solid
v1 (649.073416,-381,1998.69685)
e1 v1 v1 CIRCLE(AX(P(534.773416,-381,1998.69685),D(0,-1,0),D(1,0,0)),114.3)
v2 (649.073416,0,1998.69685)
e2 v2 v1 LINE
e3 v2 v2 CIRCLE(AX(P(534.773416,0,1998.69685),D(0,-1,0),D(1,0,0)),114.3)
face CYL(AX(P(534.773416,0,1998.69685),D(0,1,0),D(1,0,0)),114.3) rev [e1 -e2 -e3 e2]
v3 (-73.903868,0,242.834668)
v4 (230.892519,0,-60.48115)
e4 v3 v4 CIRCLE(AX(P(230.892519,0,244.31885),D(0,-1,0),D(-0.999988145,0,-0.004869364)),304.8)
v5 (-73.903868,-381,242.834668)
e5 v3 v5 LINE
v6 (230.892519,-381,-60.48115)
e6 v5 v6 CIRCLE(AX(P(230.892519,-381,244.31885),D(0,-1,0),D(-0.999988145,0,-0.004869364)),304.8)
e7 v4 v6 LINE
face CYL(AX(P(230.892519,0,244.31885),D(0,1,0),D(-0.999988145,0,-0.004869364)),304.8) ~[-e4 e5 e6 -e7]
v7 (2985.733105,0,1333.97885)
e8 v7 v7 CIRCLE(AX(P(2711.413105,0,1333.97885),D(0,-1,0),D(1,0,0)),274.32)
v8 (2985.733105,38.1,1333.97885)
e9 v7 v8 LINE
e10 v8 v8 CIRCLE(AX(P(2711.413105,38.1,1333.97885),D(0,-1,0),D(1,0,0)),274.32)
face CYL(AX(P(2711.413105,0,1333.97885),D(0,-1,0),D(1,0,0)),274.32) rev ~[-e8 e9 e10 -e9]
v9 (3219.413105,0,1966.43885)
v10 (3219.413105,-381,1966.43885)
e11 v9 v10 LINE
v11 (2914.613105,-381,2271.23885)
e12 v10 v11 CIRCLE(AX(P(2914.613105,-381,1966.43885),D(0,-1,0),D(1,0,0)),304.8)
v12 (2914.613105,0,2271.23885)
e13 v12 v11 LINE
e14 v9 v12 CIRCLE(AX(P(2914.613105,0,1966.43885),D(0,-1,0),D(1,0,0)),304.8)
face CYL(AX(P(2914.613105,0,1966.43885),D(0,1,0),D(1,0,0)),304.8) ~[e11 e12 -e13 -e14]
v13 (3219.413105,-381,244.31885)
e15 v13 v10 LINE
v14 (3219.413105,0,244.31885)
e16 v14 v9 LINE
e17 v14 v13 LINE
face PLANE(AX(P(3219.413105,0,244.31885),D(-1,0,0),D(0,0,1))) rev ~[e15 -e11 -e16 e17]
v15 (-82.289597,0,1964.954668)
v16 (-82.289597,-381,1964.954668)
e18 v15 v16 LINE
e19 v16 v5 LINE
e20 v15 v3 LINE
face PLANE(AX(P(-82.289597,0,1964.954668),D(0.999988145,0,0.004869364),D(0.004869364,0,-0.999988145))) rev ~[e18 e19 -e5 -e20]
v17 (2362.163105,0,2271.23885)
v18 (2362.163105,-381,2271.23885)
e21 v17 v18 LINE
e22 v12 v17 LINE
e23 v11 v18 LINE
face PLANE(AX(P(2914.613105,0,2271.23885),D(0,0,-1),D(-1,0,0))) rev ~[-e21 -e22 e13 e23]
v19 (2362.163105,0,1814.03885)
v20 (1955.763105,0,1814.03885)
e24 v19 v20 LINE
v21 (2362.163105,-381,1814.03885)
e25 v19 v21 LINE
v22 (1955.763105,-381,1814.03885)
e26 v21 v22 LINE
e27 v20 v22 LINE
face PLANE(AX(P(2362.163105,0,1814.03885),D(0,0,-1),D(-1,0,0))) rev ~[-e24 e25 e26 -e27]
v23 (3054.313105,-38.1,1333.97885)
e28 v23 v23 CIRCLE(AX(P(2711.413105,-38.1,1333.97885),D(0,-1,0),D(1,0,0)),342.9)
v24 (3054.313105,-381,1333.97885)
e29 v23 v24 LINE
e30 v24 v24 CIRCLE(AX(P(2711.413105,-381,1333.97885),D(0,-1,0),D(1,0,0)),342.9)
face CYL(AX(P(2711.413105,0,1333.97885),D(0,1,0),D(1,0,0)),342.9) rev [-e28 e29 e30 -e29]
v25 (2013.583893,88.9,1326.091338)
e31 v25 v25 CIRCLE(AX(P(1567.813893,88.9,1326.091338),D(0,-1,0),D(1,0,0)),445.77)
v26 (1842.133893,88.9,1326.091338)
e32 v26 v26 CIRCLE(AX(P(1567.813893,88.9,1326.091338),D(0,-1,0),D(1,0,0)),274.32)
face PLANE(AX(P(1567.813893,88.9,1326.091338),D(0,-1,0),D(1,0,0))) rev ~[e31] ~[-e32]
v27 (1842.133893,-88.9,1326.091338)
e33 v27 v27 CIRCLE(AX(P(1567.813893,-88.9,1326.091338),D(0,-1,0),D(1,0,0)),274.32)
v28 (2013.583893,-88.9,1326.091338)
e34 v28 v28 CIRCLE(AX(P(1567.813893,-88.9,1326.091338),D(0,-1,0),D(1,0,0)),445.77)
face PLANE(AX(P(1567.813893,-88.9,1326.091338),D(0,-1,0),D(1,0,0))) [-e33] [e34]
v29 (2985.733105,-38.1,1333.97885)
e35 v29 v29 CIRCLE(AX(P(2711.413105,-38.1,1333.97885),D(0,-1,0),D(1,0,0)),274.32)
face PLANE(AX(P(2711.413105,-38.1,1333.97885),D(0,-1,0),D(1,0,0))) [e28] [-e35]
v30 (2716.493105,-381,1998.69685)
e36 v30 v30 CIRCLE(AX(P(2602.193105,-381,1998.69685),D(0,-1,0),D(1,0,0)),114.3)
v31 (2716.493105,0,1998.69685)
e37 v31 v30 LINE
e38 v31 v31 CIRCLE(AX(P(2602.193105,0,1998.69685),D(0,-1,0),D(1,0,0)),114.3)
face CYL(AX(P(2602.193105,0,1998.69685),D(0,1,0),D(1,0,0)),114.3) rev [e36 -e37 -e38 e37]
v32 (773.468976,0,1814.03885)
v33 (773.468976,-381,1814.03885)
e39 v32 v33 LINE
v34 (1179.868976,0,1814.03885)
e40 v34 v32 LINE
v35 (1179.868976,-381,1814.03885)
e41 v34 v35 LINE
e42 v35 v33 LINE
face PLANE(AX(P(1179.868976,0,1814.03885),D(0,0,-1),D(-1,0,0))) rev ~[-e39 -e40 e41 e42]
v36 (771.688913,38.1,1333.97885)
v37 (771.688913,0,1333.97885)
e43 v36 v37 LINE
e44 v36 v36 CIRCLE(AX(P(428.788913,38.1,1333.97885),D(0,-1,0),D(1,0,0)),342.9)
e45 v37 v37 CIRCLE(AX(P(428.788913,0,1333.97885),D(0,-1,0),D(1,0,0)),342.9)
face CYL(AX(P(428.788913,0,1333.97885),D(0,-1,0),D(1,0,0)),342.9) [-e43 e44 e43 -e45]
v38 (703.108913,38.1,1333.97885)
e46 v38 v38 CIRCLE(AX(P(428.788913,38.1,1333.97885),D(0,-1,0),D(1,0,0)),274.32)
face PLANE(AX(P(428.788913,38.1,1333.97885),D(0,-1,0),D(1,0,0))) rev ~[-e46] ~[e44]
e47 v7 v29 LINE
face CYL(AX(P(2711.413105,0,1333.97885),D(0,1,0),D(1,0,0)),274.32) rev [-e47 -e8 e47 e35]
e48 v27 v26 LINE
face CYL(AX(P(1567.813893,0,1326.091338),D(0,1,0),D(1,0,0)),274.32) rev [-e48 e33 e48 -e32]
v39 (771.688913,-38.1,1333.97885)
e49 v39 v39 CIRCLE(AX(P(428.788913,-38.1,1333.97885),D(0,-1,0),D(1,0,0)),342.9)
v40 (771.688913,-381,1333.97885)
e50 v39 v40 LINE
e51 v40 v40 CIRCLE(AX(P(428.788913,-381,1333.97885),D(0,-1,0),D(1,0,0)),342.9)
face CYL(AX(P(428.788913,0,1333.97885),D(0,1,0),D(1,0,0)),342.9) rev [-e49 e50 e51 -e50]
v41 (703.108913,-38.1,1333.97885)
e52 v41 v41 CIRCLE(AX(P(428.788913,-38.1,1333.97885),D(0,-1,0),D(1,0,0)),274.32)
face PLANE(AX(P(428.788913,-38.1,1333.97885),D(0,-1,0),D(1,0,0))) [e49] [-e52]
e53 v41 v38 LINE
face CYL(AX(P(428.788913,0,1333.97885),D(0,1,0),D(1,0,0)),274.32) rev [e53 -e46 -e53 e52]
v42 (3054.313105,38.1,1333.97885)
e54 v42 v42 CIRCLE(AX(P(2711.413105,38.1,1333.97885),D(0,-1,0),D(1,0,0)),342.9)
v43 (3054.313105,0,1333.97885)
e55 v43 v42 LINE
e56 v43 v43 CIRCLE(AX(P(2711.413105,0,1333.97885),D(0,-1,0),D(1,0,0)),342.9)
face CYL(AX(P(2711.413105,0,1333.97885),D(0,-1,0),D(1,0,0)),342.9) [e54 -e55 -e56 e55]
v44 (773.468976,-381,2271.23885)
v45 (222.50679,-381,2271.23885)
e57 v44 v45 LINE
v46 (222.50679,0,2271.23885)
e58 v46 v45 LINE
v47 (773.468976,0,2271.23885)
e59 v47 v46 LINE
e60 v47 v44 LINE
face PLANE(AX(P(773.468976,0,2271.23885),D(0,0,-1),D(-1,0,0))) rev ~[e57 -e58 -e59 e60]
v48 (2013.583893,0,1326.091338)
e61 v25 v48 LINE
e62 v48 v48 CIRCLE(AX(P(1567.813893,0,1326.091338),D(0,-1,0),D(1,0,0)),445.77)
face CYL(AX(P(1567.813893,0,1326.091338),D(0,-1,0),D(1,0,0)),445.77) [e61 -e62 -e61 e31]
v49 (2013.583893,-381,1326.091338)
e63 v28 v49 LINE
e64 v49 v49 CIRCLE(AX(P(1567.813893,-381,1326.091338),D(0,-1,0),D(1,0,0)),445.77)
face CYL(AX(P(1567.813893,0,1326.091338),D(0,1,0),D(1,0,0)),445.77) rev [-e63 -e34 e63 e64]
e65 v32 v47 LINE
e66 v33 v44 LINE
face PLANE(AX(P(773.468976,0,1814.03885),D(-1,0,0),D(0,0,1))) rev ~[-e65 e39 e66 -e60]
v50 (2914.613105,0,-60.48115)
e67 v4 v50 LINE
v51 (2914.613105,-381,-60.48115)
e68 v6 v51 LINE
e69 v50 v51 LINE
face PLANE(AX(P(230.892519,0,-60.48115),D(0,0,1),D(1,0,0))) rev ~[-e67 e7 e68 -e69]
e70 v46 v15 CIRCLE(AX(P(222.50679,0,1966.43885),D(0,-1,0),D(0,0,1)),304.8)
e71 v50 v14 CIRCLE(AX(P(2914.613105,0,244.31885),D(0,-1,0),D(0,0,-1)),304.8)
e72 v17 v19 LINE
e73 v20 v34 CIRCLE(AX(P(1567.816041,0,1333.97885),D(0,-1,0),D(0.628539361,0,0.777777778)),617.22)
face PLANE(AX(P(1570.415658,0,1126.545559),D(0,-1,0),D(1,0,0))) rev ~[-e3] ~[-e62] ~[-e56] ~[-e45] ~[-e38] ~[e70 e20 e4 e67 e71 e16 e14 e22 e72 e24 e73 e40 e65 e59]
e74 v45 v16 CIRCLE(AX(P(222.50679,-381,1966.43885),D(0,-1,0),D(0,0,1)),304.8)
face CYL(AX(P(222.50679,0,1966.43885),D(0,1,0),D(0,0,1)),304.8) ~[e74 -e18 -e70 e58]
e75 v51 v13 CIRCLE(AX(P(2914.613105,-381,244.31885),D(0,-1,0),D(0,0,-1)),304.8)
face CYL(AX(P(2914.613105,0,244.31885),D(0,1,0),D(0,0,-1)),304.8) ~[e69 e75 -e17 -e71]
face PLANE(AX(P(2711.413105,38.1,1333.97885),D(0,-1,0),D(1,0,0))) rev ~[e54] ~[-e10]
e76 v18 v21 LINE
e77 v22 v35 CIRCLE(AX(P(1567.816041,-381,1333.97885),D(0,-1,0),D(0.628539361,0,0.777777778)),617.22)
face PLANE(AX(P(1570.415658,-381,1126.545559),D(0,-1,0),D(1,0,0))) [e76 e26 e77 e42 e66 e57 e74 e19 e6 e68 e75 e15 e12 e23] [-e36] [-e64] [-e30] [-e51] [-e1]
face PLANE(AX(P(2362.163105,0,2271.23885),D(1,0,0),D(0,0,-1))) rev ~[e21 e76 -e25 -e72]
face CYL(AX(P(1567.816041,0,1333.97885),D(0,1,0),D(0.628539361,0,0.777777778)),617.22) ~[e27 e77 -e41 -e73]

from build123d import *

# Parameters (mm, degrees)
F0_R     = 342.9
F0_R_2   = 445.77
F0_R_3   = 114.3
F1_DEPTH = 381
F0_R_4   = 274.32
F2_DEPTH = 88.9
F3_DEPTH = 38.1


with BuildPart() as f1:
    # F0 (on Front) → F1 (new body)
    with BuildSketch(Plane.XZ):
        with BuildLine():
            ThreePointArc((-73.903867776, 242.8346680415), (15.8917497981, 28.2686029567), (230.8925186905, -60.4811497033))
            Line((230.8925186905, -60.4811497033), (2914.6131049652, -60.4811497033))
            ThreePointArc((2914.6131049652, -60.4811497033), (3130.1392518708, 28.7927033911), (3219.4131049652, 244.3188502967))
            Line((3219.4131049652, 244.3188502967), (3219.4131049652, 1966.4388502967))
            ThreePointArc((3219.4131049652, 1966.4388502967), (3130.1392518708, 2181.9649972024), (2914.6131049652, 2271.2388502967))
            Line((2914.6131049652, 2271.2388502967), (2362.1631049652, 2271.2388502967))
            Line((2362.1631049652, 2271.2388502967), (2362.1631049652, 1814.0388502967))
            Line((2362.1631049652, 1814.0388502967), (1955.7631049652, 1814.0388502967))
            ThreePointArc((1955.7631049652, 1814.0388502967), (1567.816040535, 1951.1988502967), (1179.8689761048, 1814.0388502967))
            Line((1179.8689761048, 1814.0388502967), (773.4689761048, 1814.0388502967))
            Line((773.4689761048, 1814.0388502967), (773.4689761048, 2271.2388502967))
            Line((773.4689761048, 2271.2388502967), (222.5067895322, 2271.2388502967))
            ThreePointArc((222.5067895322, 2271.2388502967), (6.4565421921, 2181.4396191891), (-82.2895969343, 1964.9546680415))
            Line((-82.2895969343, 1964.9546680415), (-73.903867776, 242.8346680415))
        make_face()
        with Locations((428.7889132739, 1333.9788502967)):
            Circle(F0_R, mode=Mode.SUBTRACT)
        with Locations((1567.8138927922, 1326.0913376031)):
            Circle(F0_R_2, mode=Mode.SUBTRACT)
        with Locations((534.7734156303, 1998.6968502967)):
            Circle(F0_R_3, mode=Mode.SUBTRACT)
        with Locations((2711.4131049652, 1333.9788502967)):
            Circle(F0_R, mode=Mode.SUBTRACT)
        with Locations((2602.1931049652, 1998.6968502967)):
            Circle(F0_R_3, mode=Mode.SUBTRACT)
    extrude(amount=F1_DEPTH)

    # F0 (on Front) → F2 (join, symmetric)
    with BuildSketch(Plane.XZ):
        with Locations((1567.8138927922, 1326.0913376031)):
            Circle(F0_R_2)
        with Locations((1567.8138927922, 1326.0913376031)):
            Circle(F0_R_4, mode=Mode.SUBTRACT)
    extrude(amount=F2_DEPTH, both=True)

    # F0 (on Front) → F3 (join, symmetric)
    with BuildSketch(Plane.XZ):
        with Locations((2711.4131049652, 1333.9788502967)):
            Circle(F0_R)
        with Locations((2711.4131049652, 1333.9788502967)):
            Circle(F0_R_4, mode=Mode.SUBTRACT)
        with Locations((428.7889132739, 1333.9788502967)):
            Circle(F0_R)
        with Locations((428.7889132739, 1333.9788502967)):
            Circle(F0_R_4, mode=Mode.SUBTRACT)
    extrude(amount=F3_DEPTH, both=True)


solid = f1.part
